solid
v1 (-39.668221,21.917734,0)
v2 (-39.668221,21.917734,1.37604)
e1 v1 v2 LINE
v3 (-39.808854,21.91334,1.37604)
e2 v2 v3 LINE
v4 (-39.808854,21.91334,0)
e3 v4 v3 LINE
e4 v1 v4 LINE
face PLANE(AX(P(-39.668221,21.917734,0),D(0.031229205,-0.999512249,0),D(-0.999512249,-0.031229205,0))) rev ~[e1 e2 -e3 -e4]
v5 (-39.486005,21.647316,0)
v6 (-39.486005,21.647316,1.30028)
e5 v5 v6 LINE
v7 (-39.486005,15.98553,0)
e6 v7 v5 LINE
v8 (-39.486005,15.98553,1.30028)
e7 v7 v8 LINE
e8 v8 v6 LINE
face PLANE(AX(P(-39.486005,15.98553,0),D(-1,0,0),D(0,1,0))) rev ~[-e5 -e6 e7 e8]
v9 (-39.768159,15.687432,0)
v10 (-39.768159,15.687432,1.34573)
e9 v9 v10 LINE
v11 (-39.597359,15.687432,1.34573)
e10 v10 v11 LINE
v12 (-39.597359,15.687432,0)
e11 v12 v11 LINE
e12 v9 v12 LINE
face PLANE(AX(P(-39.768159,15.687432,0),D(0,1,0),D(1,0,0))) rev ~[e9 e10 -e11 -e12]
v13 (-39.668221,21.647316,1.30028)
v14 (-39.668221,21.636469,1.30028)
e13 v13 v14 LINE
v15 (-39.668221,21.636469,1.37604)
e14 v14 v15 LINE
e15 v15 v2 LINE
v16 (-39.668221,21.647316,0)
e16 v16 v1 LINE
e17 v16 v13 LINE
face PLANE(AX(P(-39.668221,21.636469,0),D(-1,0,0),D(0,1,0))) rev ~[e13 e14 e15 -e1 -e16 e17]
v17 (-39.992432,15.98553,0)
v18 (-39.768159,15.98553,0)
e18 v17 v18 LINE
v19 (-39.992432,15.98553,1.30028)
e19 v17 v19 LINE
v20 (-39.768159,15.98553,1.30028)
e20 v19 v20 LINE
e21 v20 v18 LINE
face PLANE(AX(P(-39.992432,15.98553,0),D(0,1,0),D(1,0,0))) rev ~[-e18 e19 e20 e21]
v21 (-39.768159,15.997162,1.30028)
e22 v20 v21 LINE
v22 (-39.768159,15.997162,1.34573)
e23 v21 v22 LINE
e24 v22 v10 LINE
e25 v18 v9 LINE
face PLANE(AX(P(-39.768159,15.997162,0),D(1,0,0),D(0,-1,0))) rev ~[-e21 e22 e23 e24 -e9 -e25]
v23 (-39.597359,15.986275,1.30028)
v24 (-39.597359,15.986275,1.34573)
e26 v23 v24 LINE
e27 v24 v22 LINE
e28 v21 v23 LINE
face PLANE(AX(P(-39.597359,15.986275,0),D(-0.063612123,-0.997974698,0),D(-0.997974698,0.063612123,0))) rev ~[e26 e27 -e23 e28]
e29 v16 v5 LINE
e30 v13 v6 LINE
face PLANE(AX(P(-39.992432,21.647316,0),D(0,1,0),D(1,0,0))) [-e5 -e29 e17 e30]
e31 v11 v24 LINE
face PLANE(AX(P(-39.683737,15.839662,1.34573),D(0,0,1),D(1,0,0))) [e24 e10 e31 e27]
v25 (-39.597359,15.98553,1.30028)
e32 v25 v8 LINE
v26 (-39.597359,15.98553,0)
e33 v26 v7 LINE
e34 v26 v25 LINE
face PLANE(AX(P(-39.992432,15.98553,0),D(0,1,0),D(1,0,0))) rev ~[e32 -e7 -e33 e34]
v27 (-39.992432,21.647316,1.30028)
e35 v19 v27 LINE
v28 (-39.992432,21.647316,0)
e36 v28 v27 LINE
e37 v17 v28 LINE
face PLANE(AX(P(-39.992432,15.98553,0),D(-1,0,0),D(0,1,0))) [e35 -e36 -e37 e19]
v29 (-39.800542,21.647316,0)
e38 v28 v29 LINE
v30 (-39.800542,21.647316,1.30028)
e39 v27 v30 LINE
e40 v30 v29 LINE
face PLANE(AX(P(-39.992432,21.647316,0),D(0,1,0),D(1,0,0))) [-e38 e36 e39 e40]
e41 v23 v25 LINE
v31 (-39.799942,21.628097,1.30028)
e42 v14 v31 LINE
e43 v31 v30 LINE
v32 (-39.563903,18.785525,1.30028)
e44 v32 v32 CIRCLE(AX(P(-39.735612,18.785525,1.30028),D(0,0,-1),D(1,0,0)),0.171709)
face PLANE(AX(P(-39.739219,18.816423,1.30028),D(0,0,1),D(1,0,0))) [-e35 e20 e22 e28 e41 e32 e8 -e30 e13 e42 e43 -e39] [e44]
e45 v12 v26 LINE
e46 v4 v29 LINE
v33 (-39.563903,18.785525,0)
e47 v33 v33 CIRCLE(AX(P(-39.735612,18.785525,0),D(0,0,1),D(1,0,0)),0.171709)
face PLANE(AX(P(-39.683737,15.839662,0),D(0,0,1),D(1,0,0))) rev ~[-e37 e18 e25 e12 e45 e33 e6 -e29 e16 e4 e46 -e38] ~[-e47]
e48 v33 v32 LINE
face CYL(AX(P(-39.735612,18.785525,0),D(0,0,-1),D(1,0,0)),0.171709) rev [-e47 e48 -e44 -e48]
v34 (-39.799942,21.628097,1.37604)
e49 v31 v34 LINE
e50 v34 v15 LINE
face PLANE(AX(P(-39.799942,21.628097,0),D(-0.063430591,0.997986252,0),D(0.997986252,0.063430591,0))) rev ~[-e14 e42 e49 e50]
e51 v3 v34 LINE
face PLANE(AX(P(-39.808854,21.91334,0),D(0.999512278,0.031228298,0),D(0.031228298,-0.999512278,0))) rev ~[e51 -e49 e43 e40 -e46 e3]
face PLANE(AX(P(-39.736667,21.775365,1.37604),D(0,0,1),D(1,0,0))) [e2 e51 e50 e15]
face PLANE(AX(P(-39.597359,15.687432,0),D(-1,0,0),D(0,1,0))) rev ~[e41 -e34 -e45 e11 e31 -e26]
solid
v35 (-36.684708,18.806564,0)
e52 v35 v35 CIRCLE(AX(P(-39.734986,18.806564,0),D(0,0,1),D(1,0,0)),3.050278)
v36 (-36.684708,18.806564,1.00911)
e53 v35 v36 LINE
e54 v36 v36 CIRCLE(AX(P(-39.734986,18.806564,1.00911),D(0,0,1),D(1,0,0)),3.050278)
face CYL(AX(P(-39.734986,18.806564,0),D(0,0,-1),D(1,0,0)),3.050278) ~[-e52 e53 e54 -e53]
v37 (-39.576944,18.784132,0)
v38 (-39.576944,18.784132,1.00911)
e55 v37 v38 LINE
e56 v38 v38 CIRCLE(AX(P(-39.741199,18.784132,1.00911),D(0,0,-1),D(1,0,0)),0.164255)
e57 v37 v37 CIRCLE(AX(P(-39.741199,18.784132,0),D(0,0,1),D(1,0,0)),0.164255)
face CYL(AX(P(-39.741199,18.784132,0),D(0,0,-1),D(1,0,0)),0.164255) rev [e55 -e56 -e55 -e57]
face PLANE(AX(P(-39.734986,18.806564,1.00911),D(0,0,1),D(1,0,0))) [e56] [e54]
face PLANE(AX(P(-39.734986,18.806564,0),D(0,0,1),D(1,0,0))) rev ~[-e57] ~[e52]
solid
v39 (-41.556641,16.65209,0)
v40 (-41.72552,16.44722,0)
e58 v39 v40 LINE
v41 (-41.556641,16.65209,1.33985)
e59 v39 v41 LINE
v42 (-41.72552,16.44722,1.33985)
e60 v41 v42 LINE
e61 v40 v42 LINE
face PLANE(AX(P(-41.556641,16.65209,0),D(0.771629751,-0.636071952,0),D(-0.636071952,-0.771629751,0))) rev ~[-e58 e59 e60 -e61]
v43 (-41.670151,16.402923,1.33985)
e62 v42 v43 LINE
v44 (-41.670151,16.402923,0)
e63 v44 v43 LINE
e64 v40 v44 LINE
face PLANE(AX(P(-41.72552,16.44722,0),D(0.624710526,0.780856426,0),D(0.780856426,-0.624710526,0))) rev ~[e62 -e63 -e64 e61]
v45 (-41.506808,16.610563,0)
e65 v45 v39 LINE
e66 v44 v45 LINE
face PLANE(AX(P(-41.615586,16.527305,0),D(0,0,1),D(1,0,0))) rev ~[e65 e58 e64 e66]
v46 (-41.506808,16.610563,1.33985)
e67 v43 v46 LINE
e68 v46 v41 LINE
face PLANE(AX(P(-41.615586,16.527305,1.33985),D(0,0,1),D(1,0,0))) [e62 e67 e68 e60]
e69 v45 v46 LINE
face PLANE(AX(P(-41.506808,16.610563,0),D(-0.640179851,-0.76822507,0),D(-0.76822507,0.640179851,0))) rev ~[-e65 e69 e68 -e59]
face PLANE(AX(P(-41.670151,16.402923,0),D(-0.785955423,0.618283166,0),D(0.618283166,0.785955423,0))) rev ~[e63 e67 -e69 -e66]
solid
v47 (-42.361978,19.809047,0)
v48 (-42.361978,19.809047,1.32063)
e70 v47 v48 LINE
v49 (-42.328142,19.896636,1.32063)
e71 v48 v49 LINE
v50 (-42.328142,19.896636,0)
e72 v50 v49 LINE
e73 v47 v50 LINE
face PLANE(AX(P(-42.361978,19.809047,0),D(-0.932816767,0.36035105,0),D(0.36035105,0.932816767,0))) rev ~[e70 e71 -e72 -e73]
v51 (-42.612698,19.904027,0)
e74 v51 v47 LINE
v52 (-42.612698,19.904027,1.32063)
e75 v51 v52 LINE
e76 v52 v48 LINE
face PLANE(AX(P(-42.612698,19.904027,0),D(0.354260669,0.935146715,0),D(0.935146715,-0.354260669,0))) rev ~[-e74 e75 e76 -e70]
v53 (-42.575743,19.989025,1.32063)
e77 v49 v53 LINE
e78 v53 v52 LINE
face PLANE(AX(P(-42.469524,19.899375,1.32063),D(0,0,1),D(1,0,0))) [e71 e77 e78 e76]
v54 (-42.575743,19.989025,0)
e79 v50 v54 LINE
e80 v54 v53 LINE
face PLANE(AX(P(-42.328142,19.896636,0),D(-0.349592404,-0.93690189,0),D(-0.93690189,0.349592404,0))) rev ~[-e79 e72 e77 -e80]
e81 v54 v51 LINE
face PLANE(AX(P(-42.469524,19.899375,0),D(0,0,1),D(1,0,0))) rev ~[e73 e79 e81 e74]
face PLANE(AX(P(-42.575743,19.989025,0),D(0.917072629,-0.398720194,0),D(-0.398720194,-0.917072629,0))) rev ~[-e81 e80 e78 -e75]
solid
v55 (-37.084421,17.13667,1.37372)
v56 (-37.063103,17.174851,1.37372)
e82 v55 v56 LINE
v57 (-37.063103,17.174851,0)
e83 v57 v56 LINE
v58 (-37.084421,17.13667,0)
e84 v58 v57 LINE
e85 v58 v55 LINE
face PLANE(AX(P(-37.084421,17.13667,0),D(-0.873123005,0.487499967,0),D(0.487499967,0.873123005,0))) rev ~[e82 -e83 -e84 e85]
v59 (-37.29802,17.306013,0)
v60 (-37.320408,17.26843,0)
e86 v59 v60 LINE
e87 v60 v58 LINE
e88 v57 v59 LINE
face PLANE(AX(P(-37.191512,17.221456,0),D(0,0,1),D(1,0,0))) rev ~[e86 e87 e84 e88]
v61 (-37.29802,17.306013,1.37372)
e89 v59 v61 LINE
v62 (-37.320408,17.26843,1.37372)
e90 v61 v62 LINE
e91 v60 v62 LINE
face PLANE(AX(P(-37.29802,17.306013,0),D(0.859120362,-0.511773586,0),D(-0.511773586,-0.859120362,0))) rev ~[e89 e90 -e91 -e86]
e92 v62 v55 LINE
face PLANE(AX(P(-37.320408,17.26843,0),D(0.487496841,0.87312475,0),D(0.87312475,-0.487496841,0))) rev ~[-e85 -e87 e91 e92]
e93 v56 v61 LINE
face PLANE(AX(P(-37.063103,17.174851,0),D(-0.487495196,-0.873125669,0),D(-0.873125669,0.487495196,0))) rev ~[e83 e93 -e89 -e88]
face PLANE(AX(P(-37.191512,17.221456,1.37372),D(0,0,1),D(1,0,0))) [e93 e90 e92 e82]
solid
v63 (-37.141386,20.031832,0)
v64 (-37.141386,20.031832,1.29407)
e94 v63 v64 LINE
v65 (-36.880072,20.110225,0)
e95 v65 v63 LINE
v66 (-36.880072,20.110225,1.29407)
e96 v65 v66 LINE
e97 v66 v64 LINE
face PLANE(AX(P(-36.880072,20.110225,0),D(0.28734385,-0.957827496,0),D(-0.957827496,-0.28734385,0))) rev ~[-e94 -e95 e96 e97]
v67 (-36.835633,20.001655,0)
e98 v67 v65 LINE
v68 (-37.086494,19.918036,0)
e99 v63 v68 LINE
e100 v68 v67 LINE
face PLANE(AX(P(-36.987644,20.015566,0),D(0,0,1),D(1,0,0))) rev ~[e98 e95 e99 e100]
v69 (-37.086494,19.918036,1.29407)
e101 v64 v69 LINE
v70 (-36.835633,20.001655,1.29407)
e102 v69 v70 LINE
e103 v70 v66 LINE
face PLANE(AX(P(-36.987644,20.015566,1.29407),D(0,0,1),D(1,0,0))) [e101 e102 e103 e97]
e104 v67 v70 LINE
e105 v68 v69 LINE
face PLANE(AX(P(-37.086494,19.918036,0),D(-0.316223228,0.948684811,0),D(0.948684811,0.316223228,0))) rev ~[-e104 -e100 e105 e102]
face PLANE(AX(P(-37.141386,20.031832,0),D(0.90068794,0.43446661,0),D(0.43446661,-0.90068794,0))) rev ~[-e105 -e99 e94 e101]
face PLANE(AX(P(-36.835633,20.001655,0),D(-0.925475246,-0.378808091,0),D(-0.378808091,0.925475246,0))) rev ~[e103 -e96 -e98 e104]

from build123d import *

# Parameters (mm, degrees)
F0_W      = 0.506427
F0_H      = 5.661787
F1_DEPTH  = 1.30028
F3_DEPTH  = 1.32063
F5_DEPTH  = 1.29407
F7_DEPTH  = 1.33985
F9_DEPTH  = 1.37372
F11_DEPTH = 1.34573
F13_DEPTH = 1.37604
F14_R     = 0.171709
F15_DEPTH = 25.4
F16_R     = 3.050278
F17_DEPTH = 1.00911
F18_R     = 0.164255
F19_DEPTH = 25.4


with BuildPart() as f1:
    # F0 (on Top) → F1 (new body)
    with BuildSketch(Plane.XY):
        with Locations((-39.739219, 18.816423)):
            Rectangle(F0_W, F0_H)
    extrude(amount=F1_DEPTH)

    # F10 (on Top) → F11 (join)
    with BuildSketch(Plane.XY):
        Polygon((-39.597359, 15.687432), (-39.597359, 15.986275), (-39.768159, 15.997162), (-39.768159, 15.687432), align=None)
    extrude(amount=F11_DEPTH)

    # F12 (on Top) → F13 (join)
    with BuildSketch(Plane.XY):
        Polygon((-39.799942, 21.628097), (-39.668221, 21.636469), (-39.668221, 21.917734), (-39.808854, 21.91334), align=None)
    extrude(amount=F13_DEPTH)

    # F14 (on Top) → F15 (cut)
    with BuildSketch(Plane.XY):
        with Locations((-39.735612, 18.785525)):
            Circle(F14_R)
    extrude(amount=F15_DEPTH, mode=Mode.SUBTRACT)


with BuildPart() as f3:
    # F2 (on Top) → F3 (new body)
    with BuildSketch(Plane.XY):
        Polygon((-42.612698, 19.904027), (-42.361978, 19.809047), (-42.328142, 19.896636), (-42.575743, 19.989025), align=None)
    extrude(amount=F3_DEPTH)


with BuildPart() as f5:
    # F4 (on Top) → F5 (new body)
    with BuildSketch(Plane.XY):
        Polygon((-37.141386, 20.031832), (-37.086494, 19.918036), (-36.835633, 20.001655), (-36.880072, 20.110225), align=None)
    extrude(amount=F5_DEPTH)


with BuildPart() as f7:
    # F6 (on Top) → F7 (new body)
    with BuildSketch(Plane.XY):
        Polygon((-41.72552, 16.44722), (-41.670151, 16.402923), (-41.506808, 16.610563), (-41.556641, 16.65209), align=None)
    extrude(amount=F7_DEPTH)


with BuildPart() as f9:
    # F8 (on Top) → F9 (new body)
    with BuildSketch(Plane.XY):
        Polygon((-37.063103, 17.174851), (-37.29802, 17.306013), (-37.320408, 17.26843), (-37.084421, 17.13667), align=None)
    extrude(amount=F9_DEPTH)


with BuildPart() as f17:
    # F16 (on Top) → F17 (new body)
    with BuildSketch(Plane.XY):
        with Locations((-39.734986, 18.806564)):
            Circle(F16_R)
    extrude(amount=F17_DEPTH)

    # F18 (on Top) → F19 (cut)
    with BuildSketch(Plane.XY):
        with Locations((-39.741199, 18.784132)):
            Circle(F18_R)
    extrude(amount=F19_DEPTH, mode=Mode.SUBTRACT)


solid = Compound([f1.part, f3.part, f5.part, f7.part, f9.part, f17.part])
